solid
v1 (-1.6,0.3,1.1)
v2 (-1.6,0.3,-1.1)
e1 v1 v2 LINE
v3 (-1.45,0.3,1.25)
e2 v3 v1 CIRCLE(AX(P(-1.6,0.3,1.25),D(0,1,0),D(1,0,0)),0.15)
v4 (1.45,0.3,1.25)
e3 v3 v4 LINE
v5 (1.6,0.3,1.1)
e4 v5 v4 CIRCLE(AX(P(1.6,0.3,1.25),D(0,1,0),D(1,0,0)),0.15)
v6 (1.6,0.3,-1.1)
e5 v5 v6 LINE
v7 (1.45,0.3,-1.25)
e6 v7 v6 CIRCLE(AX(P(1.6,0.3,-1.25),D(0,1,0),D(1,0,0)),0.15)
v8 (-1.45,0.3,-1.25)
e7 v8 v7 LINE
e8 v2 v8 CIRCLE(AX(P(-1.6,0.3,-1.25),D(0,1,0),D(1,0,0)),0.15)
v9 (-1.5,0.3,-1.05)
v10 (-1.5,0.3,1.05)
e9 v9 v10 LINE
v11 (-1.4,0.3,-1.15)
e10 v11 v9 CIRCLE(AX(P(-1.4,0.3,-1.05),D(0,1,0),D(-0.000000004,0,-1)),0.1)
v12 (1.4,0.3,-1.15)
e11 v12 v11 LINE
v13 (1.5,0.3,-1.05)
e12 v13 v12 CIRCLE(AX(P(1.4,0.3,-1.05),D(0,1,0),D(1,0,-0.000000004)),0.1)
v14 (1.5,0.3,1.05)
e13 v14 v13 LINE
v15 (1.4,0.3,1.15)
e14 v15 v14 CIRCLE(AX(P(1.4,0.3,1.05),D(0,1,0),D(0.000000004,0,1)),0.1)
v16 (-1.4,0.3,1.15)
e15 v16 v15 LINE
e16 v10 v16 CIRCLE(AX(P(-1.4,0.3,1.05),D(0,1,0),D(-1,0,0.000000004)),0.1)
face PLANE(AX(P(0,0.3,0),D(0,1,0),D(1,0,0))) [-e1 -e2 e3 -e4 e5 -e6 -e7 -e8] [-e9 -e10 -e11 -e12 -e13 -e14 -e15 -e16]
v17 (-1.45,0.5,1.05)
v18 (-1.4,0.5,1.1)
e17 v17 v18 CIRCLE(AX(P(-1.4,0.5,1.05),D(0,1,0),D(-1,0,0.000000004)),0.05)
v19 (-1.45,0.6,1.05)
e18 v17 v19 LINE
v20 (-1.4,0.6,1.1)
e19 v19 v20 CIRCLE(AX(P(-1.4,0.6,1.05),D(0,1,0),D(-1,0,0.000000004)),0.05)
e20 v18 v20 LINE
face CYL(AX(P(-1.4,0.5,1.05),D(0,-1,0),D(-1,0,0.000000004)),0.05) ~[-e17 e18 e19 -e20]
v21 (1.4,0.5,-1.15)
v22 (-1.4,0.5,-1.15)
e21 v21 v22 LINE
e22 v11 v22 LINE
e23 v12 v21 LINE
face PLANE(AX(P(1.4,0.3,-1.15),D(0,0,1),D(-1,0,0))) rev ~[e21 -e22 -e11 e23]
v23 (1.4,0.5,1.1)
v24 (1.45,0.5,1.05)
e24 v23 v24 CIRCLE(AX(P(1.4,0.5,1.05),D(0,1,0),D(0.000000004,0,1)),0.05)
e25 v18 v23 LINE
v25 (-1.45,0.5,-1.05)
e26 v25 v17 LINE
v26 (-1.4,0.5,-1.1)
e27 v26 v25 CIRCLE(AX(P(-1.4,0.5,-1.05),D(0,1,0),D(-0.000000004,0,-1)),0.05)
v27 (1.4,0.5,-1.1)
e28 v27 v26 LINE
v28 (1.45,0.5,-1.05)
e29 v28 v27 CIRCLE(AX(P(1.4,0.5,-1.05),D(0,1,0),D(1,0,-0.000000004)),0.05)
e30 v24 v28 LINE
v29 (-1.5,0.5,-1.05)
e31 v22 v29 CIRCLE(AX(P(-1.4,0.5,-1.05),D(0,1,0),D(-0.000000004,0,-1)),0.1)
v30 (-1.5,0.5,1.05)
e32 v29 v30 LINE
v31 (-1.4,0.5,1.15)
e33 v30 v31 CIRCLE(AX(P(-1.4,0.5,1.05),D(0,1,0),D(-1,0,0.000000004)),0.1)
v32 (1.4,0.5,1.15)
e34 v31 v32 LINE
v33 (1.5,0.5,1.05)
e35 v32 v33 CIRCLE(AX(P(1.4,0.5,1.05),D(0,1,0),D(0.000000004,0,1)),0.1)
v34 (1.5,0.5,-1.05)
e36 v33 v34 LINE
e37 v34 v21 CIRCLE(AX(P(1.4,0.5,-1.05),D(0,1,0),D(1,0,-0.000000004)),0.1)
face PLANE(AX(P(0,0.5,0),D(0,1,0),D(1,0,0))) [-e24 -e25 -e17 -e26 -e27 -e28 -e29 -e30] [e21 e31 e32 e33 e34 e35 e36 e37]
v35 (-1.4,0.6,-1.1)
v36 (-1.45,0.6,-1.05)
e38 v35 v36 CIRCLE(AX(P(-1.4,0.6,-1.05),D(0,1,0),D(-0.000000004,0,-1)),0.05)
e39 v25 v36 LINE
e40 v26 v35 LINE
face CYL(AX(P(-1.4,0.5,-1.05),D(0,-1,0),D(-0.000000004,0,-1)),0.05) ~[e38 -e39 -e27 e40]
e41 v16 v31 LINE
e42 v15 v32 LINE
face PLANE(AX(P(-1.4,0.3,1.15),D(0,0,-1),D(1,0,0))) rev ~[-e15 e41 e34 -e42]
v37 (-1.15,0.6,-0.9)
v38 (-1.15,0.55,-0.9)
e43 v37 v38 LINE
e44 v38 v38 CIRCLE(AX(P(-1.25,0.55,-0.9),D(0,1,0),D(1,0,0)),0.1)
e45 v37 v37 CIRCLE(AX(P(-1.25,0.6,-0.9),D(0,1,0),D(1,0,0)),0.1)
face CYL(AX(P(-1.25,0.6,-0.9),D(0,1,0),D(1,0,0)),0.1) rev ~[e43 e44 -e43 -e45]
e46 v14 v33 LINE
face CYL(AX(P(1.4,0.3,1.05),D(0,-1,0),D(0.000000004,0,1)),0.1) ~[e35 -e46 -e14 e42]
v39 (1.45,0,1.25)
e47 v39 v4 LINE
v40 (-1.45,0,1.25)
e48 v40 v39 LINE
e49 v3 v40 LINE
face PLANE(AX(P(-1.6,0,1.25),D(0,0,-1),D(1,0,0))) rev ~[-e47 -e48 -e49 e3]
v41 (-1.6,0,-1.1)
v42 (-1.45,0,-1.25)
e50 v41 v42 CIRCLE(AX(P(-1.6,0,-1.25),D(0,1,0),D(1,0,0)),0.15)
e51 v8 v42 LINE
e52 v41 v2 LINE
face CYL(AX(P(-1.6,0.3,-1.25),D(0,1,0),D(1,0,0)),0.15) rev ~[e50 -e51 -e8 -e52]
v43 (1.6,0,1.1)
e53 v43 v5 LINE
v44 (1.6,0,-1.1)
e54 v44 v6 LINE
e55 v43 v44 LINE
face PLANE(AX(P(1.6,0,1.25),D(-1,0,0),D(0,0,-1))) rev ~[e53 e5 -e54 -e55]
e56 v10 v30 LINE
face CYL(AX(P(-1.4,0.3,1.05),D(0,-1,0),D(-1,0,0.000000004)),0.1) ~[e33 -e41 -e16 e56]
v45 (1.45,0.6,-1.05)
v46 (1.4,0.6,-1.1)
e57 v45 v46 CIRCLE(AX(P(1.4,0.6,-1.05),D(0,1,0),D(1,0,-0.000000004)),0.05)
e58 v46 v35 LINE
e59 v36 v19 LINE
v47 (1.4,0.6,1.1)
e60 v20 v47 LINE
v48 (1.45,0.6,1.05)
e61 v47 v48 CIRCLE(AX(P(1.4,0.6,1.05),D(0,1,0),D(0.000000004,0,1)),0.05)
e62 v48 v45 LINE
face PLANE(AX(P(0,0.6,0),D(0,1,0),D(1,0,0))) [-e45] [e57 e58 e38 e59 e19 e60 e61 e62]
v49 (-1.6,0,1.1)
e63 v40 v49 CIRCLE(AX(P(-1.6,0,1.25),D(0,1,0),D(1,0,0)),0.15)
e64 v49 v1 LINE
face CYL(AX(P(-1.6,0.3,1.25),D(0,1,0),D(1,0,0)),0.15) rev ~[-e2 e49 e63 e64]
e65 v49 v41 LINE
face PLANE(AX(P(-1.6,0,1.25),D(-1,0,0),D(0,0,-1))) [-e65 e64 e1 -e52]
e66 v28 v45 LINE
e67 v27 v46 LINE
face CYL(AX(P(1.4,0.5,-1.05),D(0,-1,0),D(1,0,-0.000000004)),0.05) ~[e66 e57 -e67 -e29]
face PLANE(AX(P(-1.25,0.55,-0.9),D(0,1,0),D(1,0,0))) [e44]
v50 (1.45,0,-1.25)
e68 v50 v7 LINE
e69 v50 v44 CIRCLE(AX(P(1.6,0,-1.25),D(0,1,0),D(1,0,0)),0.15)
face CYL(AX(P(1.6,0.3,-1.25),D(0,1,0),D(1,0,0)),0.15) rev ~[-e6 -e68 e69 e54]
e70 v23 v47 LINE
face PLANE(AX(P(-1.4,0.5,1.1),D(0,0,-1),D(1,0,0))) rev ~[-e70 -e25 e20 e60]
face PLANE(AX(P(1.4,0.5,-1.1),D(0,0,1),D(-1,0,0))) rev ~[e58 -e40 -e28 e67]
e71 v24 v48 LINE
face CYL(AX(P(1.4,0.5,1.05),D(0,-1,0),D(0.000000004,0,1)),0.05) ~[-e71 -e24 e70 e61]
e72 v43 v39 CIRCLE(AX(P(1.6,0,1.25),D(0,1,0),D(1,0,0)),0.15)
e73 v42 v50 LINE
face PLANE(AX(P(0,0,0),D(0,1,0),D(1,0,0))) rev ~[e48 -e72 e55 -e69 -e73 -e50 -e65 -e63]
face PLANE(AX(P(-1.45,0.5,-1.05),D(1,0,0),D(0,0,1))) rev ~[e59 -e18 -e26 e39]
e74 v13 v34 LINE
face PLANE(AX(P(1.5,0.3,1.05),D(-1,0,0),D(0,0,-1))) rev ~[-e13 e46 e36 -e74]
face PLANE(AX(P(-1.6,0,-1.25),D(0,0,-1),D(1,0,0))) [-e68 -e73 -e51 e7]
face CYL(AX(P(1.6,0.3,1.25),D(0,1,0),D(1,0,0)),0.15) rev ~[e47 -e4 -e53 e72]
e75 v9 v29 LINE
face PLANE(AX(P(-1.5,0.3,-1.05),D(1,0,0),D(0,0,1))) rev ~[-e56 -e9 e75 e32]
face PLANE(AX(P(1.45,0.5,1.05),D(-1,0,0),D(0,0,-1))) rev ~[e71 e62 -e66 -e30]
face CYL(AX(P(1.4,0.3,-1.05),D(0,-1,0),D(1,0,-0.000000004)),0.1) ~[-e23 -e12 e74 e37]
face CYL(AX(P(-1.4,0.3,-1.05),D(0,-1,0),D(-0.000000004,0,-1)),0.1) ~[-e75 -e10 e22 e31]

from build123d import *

# Parameters (mm, degrees)
SKETCH1_W           = 3.2
SKETCH1_H           = 2.5
BOSS_EXTRUDE1_DEPTH = 0.3
BOSS_EXTRUDE2_DEPTH = 0.2
BOSS_EXTRUDE3_DEPTH = 0.1
SKETCH4_R           = 0.15
CUT_EXTRUDE1_DEPTH  = 1.3
SKETCH5_R           = 0.1
CUT_EXTRUDE2_DEPTH  = 0.05


with BuildPart() as part:
    # Sketch1 → Boss-Extrude1 (new body)
    with BuildSketch(Plane(origin=(0, 0, 0), x_dir=(1, 0, 0), z_dir=(0, 1, 0))):
        Rectangle(SKETCH1_W, SKETCH1_H)
    extrude(amount=BOSS_EXTRUDE1_DEPTH)

    # Sketch2 → Boss-Extrude2 (add)
    with BuildSketch(Plane(origin=(0, 0.3, 0), x_dir=(1, 0, 0), z_dir=(0, 1, 0))):
        with BuildLine():
            Line((-1.4, -1.15), (1.4, -1.15))
            ThreePointArc((1.4, -1.15), (1.470710678, -1.120710678), (1.5, -1.05))
            Line((1.5, -1.05), (1.5, 1.05))
            ThreePointArc((1.5, 1.05), (1.470710678, 1.120710678), (1.4, 1.15))
            Line((1.4, 1.15), (-1.4, 1.15))
            ThreePointArc((-1.4, 1.15), (-1.470710678, 1.120710678), (-1.5, 1.05))
            Line((-1.5, 1.05), (-1.5, -1.05))
            ThreePointArc((-1.5, -1.05), (-1.470710678, -1.120710678), (-1.4, -1.15))
        make_face()
    extrude(amount=BOSS_EXTRUDE2_DEPTH)

    # Sketch3 → Boss-Extrude3 (add)
    with BuildSketch(Plane(origin=(0, 0.5, 0), x_dir=(1, 0, 0), z_dir=(0, 1, 0))):
        with BuildLine():
            Line((-1.4, -1.1), (1.4, -1.1))
            ThreePointArc((1.4, -1.1), (1.435355339, -1.085355339), (1.45, -1.05))
            Line((1.45, -1.05), (1.45, 1.05))
            ThreePointArc((1.45, 1.05), (1.435355339, 1.085355339), (1.4, 1.1))
            Line((1.4, 1.1), (-1.4, 1.1))
            ThreePointArc((-1.4, 1.1), (-1.435355339, 1.085355339), (-1.45, 1.05))
            Line((-1.45, 1.05), (-1.45, -1.05))
            ThreePointArc((-1.45, -1.05), (-1.435355339, -1.085355339), (-1.4, -1.1))
        make_face()
    extrude(amount=BOSS_EXTRUDE3_DEPTH)

    # Sketch4 → Cut-Extrude1 (cut, through all)
    with BuildSketch(Plane(origin=(0, 0.3, 0), x_dir=(1, 0, 0), z_dir=(0, 1, 0))):
        with Locations((-1.6, 1.25)):
            Circle(SKETCH4_R)
        with Locations((1.6, 1.25)):
            Circle(SKETCH4_R)
        with Locations((1.6, -1.25)):
            Circle(SKETCH4_R)
        with Locations((-1.6, -1.25)):
            Circle(SKETCH4_R)
    extrude(amount=-CUT_EXTRUDE1_DEPTH, mode=Mode.SUBTRACT)

    # Sketch5 → Cut-Extrude2 (cut)
    with BuildSketch(Plane(origin=(0, 0.6, 0), x_dir=(1, 0, 0), z_dir=(0, 1, 0))):
        with Locations((-1.25, 0.9)):
            Circle(SKETCH5_R)
    extrude(amount=-CUT_EXTRUDE2_DEPTH, mode=Mode.SUBTRACT)


solid = part.part
